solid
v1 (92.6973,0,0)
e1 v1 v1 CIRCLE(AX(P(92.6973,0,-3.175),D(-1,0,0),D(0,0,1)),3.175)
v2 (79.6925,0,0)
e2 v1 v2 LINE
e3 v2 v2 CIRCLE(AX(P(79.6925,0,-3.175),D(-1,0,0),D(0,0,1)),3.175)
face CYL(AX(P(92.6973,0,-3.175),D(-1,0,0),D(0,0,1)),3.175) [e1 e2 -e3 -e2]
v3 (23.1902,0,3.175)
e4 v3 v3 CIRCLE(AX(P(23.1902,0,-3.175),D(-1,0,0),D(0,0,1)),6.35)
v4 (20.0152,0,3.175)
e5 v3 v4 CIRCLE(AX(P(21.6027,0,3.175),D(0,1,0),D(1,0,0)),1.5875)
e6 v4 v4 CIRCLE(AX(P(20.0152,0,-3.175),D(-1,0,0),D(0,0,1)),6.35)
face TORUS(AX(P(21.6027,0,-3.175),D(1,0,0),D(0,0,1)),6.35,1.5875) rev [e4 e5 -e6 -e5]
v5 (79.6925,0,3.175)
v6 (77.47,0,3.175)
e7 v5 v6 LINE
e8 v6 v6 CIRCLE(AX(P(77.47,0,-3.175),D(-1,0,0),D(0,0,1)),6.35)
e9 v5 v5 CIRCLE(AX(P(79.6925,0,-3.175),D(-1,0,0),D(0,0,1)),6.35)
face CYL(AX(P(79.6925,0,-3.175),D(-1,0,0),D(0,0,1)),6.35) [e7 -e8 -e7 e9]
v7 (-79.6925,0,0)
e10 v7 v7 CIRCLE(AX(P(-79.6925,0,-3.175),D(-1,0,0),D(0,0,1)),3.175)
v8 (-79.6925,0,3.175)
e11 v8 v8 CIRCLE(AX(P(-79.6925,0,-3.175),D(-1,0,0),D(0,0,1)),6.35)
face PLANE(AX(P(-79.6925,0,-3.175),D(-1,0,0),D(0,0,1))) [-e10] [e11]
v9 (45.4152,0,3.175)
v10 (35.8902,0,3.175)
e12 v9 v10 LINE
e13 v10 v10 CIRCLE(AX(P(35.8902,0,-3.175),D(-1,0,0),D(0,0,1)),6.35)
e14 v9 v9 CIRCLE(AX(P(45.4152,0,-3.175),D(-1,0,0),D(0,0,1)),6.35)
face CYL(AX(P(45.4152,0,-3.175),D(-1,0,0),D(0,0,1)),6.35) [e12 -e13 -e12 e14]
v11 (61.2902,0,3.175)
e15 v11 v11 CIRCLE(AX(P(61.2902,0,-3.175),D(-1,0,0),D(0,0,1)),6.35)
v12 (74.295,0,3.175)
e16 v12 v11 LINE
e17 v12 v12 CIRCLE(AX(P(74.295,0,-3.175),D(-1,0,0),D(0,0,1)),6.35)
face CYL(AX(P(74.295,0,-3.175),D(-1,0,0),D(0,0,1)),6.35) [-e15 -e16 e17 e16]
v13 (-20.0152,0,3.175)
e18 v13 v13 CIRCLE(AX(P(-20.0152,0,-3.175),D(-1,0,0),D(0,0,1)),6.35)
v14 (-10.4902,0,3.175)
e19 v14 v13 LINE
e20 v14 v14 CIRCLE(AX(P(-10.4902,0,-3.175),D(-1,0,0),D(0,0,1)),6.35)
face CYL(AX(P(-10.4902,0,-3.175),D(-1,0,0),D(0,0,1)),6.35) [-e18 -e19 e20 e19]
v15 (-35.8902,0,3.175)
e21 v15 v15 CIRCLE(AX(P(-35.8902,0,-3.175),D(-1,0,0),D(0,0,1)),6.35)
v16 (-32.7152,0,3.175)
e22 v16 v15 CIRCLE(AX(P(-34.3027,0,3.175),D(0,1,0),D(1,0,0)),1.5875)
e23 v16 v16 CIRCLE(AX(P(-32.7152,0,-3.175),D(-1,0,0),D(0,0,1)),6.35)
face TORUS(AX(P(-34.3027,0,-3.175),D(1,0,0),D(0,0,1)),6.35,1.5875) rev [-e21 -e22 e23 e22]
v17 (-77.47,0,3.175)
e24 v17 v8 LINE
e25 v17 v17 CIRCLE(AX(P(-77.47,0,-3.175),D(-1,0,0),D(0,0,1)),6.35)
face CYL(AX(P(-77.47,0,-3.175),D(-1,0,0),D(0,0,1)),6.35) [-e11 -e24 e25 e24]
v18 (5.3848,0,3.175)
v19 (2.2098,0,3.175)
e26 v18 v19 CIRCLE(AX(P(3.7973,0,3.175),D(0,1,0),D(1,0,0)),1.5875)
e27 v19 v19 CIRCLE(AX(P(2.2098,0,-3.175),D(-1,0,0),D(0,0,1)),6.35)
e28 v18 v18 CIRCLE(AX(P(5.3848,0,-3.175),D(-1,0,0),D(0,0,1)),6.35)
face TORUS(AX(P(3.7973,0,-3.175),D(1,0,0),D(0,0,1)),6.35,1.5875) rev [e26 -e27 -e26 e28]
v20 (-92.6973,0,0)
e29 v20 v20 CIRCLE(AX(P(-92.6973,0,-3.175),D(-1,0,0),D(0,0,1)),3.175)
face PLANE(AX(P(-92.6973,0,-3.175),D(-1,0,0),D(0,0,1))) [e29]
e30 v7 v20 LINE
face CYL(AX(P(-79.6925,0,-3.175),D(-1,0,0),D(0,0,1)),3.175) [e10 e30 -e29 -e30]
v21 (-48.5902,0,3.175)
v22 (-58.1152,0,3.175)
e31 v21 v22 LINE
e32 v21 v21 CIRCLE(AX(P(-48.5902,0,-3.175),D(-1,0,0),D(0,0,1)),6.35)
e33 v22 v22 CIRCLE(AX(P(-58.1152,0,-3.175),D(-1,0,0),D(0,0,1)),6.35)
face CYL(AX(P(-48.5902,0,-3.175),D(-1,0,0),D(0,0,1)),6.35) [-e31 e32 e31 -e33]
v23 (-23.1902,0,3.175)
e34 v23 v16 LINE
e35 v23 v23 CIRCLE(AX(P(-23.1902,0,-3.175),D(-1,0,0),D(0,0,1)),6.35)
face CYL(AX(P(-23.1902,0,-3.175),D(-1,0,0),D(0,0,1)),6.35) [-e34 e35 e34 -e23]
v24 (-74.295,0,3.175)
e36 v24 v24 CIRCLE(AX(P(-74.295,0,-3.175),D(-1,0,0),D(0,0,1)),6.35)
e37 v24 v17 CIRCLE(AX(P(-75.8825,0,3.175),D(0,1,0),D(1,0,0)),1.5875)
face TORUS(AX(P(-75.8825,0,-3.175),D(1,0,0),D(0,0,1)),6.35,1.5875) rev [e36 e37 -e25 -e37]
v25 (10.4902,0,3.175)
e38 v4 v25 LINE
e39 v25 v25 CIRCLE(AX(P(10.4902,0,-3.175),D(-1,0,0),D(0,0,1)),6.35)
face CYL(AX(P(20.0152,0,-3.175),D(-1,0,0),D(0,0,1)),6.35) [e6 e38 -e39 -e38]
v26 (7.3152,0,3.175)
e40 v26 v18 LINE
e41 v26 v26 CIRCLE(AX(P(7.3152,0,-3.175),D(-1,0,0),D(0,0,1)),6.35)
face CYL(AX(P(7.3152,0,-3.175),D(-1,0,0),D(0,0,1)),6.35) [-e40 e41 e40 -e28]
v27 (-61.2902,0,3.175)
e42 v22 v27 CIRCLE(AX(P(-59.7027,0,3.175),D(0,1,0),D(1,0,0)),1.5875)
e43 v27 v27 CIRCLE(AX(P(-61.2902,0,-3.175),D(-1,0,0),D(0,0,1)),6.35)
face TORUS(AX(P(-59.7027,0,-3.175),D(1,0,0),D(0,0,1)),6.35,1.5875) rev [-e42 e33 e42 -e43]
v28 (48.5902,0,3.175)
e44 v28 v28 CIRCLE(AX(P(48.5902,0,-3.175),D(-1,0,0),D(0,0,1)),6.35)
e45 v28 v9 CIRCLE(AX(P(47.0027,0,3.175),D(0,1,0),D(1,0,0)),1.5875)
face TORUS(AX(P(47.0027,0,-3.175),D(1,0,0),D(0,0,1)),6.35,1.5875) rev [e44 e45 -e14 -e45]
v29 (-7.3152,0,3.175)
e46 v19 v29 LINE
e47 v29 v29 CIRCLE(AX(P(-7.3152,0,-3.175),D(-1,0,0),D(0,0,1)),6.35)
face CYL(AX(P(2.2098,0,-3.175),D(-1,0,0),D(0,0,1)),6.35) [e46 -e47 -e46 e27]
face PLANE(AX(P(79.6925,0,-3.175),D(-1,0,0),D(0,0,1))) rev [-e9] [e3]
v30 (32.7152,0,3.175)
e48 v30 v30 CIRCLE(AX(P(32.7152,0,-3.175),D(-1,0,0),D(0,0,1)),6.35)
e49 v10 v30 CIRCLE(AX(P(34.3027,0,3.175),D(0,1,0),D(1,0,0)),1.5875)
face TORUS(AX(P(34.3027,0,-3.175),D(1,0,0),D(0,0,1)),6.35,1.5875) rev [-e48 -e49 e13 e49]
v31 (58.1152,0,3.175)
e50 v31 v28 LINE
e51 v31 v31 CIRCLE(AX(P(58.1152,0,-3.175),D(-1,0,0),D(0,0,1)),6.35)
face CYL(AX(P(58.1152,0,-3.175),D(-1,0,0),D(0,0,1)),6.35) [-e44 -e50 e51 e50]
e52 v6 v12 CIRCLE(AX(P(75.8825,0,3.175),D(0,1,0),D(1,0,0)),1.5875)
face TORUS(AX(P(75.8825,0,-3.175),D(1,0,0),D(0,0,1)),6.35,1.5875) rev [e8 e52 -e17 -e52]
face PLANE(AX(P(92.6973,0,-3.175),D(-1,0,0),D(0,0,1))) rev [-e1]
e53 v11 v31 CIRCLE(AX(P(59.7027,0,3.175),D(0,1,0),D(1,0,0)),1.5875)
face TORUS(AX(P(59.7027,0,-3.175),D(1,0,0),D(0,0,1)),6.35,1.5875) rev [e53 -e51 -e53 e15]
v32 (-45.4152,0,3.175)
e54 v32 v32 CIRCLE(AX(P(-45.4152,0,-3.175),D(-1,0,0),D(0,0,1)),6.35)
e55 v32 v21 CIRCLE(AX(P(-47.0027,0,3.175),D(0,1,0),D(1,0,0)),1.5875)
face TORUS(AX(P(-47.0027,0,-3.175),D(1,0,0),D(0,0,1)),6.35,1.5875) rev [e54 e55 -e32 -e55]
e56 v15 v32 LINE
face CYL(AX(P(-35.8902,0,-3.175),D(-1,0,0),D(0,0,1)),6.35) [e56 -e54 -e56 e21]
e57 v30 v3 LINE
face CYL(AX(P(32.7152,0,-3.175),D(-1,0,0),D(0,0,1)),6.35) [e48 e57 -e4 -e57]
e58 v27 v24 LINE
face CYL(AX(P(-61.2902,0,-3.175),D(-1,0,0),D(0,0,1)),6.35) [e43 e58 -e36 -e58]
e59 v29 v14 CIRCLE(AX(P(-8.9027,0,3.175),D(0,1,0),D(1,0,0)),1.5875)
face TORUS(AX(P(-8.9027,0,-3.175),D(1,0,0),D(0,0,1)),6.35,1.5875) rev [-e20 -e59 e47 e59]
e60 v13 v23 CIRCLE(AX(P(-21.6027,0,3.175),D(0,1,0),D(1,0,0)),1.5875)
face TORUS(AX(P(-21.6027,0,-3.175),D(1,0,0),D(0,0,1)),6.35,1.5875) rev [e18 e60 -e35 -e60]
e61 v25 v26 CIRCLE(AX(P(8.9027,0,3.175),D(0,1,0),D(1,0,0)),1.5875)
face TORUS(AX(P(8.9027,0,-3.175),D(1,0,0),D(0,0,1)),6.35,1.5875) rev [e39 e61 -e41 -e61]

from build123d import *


with BuildPart() as f1:
    # F0 (on Front) → F1 (revolve)
    with BuildSketch(Plane.XZ):
        with BuildLine():
            Line((79.6925, 0), (79.6925, 3.175))
            Line((79.6925, 3.175), (77.47, 3.175))
            ThreePointArc((77.47, 3.175), (75.8825, 1.5875), (74.295, 3.175))
            Line((74.295, 3.175), (61.2902, 3.175))
            ThreePointArc((61.2902, 3.175), (59.7027, 1.5875), (58.1152, 3.175))
            Line((58.1152, 3.175), (48.5902, 3.175))
            ThreePointArc((48.5902, 3.175), (47.0027, 1.5875), (45.4152, 3.175))
            Line((45.4152, 3.175), (35.8902, 3.175))
            ThreePointArc((35.8902, 3.175), (34.3027, 1.5875), (32.7152, 3.175))
            Line((32.7152, 3.175), (23.1902, 3.175))
            ThreePointArc((23.1902, 3.175), (21.6027, 1.5875), (20.0152, 3.175))
            Line((20.0152, 3.175), (10.4902, 3.175))
            ThreePointArc((10.4902, 3.175), (8.9027, 1.5875), (7.3152, 3.175))
            Line((7.3152, 3.175), (5.3848, 3.175))
            ThreePointArc((5.3848, 3.175), (3.7973, 1.5875), (2.2098, 3.175))
            Line((2.2098, 3.175), (-7.3152, 3.175))
            ThreePointArc((-7.3152, 3.175), (-8.9027, 1.5875), (-10.4902, 3.175))
            Line((-10.4902, 3.175), (-20.0152, 3.175))
            ThreePointArc((-20.0152, 3.175), (-21.6027, 1.5875), (-23.1902, 3.175))
            Line((-23.1902, 3.175), (-32.7152, 3.175))
            ThreePointArc((-32.7152, 3.175), (-34.3027, 1.5875), (-35.8902, 3.175))
            Line((-35.8902, 3.175), (-45.4152, 3.175))
            ThreePointArc((-45.4152, 3.175), (-47.0027, 1.5875), (-48.5902, 3.175))
            Line((-48.5902, 3.175), (-58.1152, 3.175))
            ThreePointArc((-58.1152, 3.175), (-59.7027, 1.5875), (-61.2902, 3.175))
            Line((-61.2902, 3.175), (-74.295, 3.175))
            ThreePointArc((-74.295, 3.175), (-75.8825, 1.5875), (-77.47, 3.175))
            Line((-77.47, 3.175), (-79.6925, 3.175))
            Line((-79.6925, 3.175), (-79.6925, 0))
            Line((-79.6925, 0), (-92.6973, 0))
            Line((-92.6973, 0), (-92.6973, -3.175))
            Line((-92.6973, -3.175), (92.6973, -3.175))
            Line((92.6973, -3.175), (92.6973, 0))
            Line((92.6973, 0), (79.6925, 0))
        make_face()
    revolve(axis=Axis((0, 0, -3.175), (-1, 0, 0)))


solid = f1.part
